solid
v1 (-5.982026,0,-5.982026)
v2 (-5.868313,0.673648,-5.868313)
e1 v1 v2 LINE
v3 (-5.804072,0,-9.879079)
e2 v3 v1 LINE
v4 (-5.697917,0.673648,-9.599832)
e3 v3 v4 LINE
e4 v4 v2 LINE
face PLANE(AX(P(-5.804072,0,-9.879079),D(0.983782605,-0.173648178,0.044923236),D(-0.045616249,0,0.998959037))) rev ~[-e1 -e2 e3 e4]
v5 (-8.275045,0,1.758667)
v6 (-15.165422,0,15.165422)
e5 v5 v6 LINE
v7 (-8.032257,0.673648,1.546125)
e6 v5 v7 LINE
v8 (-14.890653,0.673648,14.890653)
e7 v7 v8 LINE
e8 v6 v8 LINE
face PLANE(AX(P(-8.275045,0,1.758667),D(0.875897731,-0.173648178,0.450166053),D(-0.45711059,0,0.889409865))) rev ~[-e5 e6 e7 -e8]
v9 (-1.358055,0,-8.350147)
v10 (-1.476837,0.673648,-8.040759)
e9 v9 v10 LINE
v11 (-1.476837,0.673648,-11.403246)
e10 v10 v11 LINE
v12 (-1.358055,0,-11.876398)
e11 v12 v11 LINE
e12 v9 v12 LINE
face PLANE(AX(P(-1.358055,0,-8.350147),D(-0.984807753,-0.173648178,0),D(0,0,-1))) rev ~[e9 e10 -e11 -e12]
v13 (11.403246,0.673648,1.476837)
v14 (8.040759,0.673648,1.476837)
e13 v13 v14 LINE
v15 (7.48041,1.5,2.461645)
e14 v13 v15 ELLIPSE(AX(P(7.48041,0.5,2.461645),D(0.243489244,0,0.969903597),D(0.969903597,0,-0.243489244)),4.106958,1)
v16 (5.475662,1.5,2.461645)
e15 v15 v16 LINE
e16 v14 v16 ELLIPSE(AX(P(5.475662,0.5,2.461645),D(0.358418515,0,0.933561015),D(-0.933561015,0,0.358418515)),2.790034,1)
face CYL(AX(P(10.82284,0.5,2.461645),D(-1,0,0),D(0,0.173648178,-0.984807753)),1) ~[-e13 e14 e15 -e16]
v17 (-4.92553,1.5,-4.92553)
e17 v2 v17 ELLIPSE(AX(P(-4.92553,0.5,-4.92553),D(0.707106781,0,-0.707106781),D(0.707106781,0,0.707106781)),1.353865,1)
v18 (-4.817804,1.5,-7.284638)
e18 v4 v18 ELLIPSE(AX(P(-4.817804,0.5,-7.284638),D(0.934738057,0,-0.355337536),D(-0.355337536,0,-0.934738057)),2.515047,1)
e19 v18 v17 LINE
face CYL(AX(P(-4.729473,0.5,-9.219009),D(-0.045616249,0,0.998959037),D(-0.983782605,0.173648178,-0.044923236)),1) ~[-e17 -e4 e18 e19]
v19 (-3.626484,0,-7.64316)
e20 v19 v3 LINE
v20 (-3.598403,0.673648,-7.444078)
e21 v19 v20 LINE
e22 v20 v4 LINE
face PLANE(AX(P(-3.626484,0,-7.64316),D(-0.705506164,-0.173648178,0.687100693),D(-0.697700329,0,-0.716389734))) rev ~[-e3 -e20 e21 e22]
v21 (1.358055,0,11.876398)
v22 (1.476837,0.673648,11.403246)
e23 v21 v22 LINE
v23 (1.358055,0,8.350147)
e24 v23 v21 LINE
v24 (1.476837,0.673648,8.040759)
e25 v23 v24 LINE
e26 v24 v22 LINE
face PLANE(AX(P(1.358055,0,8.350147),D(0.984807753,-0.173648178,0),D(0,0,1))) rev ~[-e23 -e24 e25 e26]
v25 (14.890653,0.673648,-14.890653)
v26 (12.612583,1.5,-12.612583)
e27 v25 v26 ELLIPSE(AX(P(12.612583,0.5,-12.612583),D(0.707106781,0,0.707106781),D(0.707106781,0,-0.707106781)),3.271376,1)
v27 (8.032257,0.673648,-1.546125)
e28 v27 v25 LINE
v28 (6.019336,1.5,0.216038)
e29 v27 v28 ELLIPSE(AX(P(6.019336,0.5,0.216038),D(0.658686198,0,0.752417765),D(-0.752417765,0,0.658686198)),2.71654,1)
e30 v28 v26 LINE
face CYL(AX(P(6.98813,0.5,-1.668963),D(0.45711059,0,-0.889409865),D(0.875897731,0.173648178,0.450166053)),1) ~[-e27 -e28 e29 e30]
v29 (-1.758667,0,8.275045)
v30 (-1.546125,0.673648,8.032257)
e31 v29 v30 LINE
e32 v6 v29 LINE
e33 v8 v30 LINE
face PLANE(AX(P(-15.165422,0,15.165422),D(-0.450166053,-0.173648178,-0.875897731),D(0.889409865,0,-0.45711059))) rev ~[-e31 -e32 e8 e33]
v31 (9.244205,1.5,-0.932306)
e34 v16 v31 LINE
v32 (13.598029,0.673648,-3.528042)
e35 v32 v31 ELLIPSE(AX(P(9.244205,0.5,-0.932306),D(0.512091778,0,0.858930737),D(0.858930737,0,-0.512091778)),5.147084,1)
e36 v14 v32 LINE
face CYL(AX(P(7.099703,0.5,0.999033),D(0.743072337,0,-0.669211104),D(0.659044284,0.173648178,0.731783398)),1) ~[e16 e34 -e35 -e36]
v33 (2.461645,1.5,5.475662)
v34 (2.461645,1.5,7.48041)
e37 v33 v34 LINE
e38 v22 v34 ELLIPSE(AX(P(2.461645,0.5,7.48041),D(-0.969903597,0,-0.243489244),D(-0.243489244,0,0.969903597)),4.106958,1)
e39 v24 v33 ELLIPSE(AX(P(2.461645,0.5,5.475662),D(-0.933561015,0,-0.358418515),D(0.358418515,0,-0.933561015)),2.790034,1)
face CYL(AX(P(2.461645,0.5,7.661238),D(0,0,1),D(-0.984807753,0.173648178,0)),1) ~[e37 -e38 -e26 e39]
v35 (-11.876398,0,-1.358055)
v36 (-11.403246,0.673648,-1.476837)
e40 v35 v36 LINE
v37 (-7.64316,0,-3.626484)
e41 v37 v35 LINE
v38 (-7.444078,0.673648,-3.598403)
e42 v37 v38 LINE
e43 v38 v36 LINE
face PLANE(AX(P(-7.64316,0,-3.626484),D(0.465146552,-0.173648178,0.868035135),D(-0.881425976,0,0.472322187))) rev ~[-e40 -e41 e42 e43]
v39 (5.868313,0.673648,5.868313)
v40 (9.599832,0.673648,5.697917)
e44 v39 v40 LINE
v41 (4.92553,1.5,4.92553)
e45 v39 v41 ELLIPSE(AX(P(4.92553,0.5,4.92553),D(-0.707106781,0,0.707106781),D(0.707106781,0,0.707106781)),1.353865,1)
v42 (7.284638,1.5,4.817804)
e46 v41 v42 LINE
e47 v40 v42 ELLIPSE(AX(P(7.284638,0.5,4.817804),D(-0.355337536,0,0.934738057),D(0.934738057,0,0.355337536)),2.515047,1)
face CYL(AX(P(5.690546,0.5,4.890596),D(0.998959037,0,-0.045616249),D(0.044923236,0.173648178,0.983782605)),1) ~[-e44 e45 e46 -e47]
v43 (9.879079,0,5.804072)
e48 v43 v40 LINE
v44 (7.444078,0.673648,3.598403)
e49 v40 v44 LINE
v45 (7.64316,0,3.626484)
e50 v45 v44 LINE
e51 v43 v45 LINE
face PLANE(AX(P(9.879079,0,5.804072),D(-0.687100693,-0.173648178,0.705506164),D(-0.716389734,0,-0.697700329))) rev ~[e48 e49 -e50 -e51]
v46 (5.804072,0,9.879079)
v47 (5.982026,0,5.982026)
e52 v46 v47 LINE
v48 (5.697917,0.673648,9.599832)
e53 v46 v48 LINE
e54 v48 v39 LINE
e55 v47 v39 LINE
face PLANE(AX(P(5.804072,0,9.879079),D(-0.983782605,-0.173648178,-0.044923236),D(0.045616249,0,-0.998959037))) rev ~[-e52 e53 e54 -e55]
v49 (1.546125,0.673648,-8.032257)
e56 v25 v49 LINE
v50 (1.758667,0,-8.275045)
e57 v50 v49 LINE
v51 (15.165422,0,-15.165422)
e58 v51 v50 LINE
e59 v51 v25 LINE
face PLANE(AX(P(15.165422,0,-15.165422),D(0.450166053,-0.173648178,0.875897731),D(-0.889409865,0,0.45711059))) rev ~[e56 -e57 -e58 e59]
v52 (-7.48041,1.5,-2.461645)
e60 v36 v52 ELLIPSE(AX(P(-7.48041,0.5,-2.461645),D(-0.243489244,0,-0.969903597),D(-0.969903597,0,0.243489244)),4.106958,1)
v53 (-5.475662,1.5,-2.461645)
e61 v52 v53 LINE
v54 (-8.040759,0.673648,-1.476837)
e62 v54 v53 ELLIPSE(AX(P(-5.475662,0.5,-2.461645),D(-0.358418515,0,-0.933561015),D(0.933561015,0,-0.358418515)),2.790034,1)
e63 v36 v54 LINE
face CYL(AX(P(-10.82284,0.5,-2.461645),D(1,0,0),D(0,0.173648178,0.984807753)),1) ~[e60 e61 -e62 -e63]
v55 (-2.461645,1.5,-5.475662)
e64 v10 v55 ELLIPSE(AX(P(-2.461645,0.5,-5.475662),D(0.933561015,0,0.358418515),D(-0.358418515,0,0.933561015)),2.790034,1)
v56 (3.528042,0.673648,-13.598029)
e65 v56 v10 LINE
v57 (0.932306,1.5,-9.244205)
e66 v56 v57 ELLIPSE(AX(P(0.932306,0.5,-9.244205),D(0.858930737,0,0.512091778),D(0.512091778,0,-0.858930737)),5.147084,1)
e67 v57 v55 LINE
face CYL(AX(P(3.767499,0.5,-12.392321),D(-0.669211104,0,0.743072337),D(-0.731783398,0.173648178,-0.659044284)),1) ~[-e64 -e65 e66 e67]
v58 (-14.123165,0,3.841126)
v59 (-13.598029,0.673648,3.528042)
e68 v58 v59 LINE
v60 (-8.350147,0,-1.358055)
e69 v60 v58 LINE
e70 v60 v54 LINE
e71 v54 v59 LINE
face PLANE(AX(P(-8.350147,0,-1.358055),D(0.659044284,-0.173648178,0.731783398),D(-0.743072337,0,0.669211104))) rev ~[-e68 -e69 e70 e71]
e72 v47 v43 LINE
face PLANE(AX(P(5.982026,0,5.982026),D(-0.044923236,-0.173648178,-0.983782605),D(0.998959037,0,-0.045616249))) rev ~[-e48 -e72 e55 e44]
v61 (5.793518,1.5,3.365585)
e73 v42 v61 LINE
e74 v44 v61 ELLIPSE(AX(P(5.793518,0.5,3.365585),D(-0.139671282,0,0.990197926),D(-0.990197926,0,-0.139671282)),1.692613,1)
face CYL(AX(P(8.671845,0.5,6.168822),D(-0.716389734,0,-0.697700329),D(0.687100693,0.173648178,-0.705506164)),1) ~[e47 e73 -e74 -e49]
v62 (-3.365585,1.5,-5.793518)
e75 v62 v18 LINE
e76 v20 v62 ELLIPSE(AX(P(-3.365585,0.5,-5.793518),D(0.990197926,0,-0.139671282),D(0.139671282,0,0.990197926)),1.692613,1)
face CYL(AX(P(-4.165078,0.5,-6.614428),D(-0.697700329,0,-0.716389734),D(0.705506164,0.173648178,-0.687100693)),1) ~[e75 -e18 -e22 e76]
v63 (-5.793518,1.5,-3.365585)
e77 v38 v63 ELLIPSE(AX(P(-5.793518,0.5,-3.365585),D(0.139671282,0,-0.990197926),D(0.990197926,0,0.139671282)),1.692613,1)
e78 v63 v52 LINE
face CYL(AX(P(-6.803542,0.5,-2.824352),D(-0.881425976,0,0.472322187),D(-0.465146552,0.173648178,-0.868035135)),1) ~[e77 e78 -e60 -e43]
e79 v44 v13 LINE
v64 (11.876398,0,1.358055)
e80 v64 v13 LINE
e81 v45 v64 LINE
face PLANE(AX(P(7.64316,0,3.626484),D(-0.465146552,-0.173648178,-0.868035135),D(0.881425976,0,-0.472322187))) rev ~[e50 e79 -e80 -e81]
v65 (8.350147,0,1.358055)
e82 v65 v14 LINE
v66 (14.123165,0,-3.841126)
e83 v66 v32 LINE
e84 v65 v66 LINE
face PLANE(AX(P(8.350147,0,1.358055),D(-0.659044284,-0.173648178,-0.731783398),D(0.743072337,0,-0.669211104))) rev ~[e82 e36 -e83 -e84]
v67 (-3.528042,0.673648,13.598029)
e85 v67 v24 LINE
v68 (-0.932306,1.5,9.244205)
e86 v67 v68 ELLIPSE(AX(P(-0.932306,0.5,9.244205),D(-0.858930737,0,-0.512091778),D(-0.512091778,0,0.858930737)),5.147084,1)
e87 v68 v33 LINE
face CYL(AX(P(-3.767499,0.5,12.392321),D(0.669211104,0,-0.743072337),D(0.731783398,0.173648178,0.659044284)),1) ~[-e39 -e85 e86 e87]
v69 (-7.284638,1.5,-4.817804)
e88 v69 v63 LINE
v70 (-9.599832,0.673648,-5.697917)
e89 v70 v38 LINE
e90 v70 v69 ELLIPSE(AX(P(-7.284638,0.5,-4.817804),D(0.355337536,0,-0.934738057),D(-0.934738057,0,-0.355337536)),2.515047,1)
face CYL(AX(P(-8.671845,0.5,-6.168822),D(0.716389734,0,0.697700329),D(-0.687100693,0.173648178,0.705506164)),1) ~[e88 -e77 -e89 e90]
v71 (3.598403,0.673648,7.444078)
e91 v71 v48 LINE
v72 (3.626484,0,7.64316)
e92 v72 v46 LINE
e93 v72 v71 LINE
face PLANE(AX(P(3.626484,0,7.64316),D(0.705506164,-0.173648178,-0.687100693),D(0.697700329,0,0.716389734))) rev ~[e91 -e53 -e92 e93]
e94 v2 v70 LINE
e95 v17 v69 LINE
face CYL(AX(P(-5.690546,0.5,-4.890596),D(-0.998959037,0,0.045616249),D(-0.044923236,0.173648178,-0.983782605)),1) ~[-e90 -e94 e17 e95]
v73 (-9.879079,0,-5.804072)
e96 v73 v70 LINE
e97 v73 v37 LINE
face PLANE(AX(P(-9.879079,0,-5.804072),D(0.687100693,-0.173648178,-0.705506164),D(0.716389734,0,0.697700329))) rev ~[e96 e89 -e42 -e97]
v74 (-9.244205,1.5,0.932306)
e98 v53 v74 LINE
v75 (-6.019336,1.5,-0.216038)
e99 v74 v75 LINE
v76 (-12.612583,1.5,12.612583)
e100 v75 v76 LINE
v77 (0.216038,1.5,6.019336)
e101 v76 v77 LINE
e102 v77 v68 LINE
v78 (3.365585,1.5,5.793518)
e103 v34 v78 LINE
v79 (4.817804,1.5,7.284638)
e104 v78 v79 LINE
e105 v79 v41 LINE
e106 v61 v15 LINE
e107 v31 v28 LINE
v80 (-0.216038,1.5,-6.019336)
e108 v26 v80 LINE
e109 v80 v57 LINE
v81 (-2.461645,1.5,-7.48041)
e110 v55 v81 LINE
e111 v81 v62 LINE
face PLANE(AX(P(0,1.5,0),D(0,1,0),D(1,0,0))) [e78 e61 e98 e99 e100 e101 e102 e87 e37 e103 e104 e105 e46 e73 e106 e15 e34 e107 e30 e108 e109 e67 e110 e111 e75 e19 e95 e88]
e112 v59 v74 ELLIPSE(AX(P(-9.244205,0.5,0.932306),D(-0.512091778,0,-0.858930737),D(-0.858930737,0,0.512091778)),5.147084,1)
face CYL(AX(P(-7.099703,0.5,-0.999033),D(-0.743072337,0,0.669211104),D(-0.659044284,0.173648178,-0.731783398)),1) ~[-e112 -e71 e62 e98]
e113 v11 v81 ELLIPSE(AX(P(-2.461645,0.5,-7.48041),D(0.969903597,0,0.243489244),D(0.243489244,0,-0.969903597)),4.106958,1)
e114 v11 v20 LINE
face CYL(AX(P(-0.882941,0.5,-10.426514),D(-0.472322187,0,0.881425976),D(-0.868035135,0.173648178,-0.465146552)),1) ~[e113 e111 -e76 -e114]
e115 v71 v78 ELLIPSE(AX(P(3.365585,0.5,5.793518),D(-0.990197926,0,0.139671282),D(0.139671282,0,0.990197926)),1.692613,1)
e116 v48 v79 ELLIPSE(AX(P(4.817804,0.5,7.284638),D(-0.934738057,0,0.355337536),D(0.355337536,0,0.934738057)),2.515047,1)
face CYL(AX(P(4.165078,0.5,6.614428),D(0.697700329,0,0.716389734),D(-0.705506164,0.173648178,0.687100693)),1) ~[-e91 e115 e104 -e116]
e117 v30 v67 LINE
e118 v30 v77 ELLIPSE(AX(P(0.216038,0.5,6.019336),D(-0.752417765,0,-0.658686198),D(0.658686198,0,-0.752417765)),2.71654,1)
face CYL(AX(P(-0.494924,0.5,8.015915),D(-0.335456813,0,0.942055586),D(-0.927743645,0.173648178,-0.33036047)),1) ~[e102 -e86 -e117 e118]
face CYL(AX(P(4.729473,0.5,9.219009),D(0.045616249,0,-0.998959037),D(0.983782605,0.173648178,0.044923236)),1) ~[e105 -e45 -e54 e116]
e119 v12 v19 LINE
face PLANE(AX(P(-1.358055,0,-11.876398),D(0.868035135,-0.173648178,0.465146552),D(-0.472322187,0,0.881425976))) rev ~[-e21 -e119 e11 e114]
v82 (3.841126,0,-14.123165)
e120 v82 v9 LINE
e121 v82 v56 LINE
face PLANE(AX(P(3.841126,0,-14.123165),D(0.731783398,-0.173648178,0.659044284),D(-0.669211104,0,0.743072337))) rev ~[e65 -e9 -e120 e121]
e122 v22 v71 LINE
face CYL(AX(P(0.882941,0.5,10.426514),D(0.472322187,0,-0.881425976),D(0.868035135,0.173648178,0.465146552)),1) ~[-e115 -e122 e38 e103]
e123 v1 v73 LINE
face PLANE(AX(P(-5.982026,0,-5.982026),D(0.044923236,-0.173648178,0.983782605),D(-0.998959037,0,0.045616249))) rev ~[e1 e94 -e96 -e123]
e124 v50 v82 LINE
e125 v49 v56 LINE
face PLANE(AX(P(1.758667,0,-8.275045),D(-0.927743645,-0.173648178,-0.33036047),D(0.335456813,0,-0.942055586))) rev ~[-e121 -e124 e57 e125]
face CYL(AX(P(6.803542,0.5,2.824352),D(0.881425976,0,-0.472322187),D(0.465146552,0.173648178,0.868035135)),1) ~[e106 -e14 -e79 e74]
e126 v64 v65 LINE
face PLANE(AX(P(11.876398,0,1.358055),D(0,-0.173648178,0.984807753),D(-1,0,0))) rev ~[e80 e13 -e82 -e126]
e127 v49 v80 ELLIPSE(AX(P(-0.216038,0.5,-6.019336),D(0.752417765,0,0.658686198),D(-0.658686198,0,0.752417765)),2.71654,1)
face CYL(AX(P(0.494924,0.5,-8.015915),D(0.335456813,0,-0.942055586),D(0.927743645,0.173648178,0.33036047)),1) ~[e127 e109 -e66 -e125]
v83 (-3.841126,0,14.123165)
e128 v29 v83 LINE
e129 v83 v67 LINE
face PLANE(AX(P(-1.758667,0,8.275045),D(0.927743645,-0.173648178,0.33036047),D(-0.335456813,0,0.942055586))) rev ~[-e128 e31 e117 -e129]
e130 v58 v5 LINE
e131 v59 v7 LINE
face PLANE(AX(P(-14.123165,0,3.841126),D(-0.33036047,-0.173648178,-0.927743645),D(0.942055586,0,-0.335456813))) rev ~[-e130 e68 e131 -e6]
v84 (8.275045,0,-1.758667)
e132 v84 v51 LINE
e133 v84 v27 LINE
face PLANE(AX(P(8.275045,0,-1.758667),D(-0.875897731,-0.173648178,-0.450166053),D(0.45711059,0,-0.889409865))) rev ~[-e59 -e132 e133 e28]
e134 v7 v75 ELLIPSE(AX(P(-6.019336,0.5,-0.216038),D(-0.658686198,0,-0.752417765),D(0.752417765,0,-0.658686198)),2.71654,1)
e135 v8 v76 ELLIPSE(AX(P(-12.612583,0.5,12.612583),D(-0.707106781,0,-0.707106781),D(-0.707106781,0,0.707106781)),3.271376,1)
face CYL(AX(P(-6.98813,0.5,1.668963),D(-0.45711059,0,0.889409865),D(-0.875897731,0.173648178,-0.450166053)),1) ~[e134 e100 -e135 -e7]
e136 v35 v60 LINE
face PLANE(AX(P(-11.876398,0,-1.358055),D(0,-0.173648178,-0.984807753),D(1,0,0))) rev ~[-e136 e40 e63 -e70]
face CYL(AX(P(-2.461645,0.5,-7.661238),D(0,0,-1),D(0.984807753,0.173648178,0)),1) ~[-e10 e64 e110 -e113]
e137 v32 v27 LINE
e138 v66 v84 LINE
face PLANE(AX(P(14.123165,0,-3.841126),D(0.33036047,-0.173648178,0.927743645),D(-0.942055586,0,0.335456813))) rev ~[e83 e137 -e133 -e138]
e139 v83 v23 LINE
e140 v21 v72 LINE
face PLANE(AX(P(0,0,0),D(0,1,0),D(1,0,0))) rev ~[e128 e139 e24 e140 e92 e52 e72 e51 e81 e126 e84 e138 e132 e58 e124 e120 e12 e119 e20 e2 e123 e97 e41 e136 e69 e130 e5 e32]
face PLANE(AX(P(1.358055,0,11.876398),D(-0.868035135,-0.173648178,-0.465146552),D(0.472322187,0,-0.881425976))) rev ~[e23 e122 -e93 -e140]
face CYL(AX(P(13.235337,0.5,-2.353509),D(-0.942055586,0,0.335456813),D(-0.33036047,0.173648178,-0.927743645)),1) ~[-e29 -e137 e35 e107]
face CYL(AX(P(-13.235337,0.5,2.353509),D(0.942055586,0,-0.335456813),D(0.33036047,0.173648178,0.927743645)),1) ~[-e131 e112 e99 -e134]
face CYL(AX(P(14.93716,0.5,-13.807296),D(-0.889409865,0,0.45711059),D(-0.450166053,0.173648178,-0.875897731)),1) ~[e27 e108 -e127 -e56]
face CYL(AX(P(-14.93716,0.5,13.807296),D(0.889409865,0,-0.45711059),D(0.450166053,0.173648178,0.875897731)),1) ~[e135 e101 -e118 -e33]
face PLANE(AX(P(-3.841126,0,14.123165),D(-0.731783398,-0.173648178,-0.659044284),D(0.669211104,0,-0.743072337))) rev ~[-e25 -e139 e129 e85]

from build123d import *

# Parameters (mm, degrees)
BOSS_EXTRUDE1_DEPTH = 1.5
BOSS_EXTRUDE1_DRAFT = 10
FILLET1_R           = 1


with BuildPart() as part:
    # Sketch2 → Boss-Extrude1 (with draft: the straight prism first)
    with BuildSketch(Plane(origin=(0, 0, 0), x_dir=(1, 0, 0), z_dir=(0, 1, 0))):
        Polygon((15.165421668, 15.165421668), (1.758667474, 8.275044622), (3.841126106, 14.123164889), (-1.358054626, 8.350147449), (-1.358054626, 11.87639847), (-3.626484108, 7.643159543), (-5.804072026, 9.87907884), (-5.982026195, 5.982026195), (-9.87907884, 5.804072026), (-7.643159543, 3.626484108), (-11.87639847, 1.358054626), (-8.350147449, 1.358054626), (-14.123164889, -3.841126106), (-8.275044622, -1.758667474), (-15.165421668, -15.165421668), (-1.758667474, -8.275044622), (-3.841126106, -14.123164889), (1.358054626, -8.350147449), (1.358054626, -11.87639847), (3.626484108, -7.643159543), (5.804072026, -9.87907884), (5.982026195, -5.982026195), (9.87907884, -5.804072026), (7.643159543, -3.626484108), (11.87639847, -1.358054626), (8.350147449, -1.358054626), (14.123164889, 3.841126106), (8.275044622, 1.758667474), align=None)
    extrude(amount=BOSS_EXTRUDE1_DEPTH)
    # Boss-Extrude1: the draft: its side faces are tilted about the plane it starts from
    boss_extrude1_sides = [part.faces().sort_by_distance(p)[0] for p in [
        (8.462044571, 0.75, -11.720233145),
        (2.79989679, 0.75, -11.199104756),
        (1.24153574, 0.75, -11.236656169),
        (-1.358054626, 0.75, -10.11327296),
        (-2.492269367, 0.75, -9.759779007),
        (-4.715278067, 0.75, -8.761119192),
        (-5.893049111, 0.75, -7.930552518),
        (-7.930552518, 0.75, -5.893049111),
        (-8.761119192, 0.75, -4.715278067),
        (-9.759779007, 0.75, -2.492269367),
        (-10.11327296, 0.75, -1.358054626),
        (-11.236656169, 0.75, 1.24153574),
        (-11.199104756, 0.75, 2.79989679),
        (-11.720233145, 0.75, 8.462044571),
        (-8.462044571, 0.75, 11.720233145),
        (-2.79989679, 0.75, 11.199104756),
        (-1.24153574, 0.75, 11.236656169),
        (1.358054626, 0.75, 10.11327296),
        (2.492269367, 0.75, 9.759779007),
        (4.715278067, 0.75, 8.761119192),
        (5.893049111, 0.75, 7.930552518),
        (7.930552518, 0.75, 5.893049111),
        (8.761119192, 0.75, 4.715278067),
        (9.759779007, 0.75, 2.492269367),
        (10.11327296, 0.75, 1.358054626),
        (11.236656169, 0.75, -1.24153574),
        (11.199104756, 0.75, -2.79989679),
        (11.720233145, 0.75, -8.462044571),
    ]]
    draft(boss_extrude1_sides, Plane(origin=(0, 0, 0), x_dir=(1, 0, 0), z_dir=(0, 1, 0)), BOSS_EXTRUDE1_DRAFT)

    # Fillet1
    fillet1_edges = [part.edges().sort_by_distance(p)[0] for p in [
        (7.493053935, 1.5, 5.648260868),
        (8.228576561, 1.5, 4.565827715),
        (9.01135359, 1.5, 2.593250574),
        (9.24203866, 1.5, 1.622545097),
        (10.307546597, 1.5, -0.760721217),
        (10.344144368, 1.5, -2.214694848),
        (11.144016172, 1.5, -7.919500612),
        (7.919500612, 1.5, -11.144016172),
        (2.214694848, 1.5, -10.344144368),
        (0.760721217, 1.5, -10.307546597),
        (4.565827715, 1.5, 8.228576561),
        (-1.622545097, 1.5, -9.24203866),
        (-2.593250574, 1.5, -9.01135359),
        (-4.565827715, 1.5, -8.228576561),
        (-5.648260868, 1.5, -7.493053935),
        (-7.493053935, 1.5, -5.648260868),
        (-8.228576561, 1.5, -4.565827715),
        (-9.01135359, 1.5, -2.593250574),
        (-9.24203866, 1.5, -1.622545097),
        (-10.307546597, 1.5, 0.760721217),
        (-10.344144368, 1.5, 2.214694848),
        (5.648260868, 1.5, 7.493053935),
        (-11.144016172, 1.5, 7.919500612),
        (-7.919500612, 1.5, 11.144016172),
        (-2.214694848, 1.5, 10.344144368),
        (-0.760721217, 1.5, 10.307546597),
        (1.622545097, 1.5, 9.24203866),
        (2.593250574, 1.5, 9.01135359),
    ]]
    fillet(fillet1_edges, radius=FILLET1_R)


solid = part.part
